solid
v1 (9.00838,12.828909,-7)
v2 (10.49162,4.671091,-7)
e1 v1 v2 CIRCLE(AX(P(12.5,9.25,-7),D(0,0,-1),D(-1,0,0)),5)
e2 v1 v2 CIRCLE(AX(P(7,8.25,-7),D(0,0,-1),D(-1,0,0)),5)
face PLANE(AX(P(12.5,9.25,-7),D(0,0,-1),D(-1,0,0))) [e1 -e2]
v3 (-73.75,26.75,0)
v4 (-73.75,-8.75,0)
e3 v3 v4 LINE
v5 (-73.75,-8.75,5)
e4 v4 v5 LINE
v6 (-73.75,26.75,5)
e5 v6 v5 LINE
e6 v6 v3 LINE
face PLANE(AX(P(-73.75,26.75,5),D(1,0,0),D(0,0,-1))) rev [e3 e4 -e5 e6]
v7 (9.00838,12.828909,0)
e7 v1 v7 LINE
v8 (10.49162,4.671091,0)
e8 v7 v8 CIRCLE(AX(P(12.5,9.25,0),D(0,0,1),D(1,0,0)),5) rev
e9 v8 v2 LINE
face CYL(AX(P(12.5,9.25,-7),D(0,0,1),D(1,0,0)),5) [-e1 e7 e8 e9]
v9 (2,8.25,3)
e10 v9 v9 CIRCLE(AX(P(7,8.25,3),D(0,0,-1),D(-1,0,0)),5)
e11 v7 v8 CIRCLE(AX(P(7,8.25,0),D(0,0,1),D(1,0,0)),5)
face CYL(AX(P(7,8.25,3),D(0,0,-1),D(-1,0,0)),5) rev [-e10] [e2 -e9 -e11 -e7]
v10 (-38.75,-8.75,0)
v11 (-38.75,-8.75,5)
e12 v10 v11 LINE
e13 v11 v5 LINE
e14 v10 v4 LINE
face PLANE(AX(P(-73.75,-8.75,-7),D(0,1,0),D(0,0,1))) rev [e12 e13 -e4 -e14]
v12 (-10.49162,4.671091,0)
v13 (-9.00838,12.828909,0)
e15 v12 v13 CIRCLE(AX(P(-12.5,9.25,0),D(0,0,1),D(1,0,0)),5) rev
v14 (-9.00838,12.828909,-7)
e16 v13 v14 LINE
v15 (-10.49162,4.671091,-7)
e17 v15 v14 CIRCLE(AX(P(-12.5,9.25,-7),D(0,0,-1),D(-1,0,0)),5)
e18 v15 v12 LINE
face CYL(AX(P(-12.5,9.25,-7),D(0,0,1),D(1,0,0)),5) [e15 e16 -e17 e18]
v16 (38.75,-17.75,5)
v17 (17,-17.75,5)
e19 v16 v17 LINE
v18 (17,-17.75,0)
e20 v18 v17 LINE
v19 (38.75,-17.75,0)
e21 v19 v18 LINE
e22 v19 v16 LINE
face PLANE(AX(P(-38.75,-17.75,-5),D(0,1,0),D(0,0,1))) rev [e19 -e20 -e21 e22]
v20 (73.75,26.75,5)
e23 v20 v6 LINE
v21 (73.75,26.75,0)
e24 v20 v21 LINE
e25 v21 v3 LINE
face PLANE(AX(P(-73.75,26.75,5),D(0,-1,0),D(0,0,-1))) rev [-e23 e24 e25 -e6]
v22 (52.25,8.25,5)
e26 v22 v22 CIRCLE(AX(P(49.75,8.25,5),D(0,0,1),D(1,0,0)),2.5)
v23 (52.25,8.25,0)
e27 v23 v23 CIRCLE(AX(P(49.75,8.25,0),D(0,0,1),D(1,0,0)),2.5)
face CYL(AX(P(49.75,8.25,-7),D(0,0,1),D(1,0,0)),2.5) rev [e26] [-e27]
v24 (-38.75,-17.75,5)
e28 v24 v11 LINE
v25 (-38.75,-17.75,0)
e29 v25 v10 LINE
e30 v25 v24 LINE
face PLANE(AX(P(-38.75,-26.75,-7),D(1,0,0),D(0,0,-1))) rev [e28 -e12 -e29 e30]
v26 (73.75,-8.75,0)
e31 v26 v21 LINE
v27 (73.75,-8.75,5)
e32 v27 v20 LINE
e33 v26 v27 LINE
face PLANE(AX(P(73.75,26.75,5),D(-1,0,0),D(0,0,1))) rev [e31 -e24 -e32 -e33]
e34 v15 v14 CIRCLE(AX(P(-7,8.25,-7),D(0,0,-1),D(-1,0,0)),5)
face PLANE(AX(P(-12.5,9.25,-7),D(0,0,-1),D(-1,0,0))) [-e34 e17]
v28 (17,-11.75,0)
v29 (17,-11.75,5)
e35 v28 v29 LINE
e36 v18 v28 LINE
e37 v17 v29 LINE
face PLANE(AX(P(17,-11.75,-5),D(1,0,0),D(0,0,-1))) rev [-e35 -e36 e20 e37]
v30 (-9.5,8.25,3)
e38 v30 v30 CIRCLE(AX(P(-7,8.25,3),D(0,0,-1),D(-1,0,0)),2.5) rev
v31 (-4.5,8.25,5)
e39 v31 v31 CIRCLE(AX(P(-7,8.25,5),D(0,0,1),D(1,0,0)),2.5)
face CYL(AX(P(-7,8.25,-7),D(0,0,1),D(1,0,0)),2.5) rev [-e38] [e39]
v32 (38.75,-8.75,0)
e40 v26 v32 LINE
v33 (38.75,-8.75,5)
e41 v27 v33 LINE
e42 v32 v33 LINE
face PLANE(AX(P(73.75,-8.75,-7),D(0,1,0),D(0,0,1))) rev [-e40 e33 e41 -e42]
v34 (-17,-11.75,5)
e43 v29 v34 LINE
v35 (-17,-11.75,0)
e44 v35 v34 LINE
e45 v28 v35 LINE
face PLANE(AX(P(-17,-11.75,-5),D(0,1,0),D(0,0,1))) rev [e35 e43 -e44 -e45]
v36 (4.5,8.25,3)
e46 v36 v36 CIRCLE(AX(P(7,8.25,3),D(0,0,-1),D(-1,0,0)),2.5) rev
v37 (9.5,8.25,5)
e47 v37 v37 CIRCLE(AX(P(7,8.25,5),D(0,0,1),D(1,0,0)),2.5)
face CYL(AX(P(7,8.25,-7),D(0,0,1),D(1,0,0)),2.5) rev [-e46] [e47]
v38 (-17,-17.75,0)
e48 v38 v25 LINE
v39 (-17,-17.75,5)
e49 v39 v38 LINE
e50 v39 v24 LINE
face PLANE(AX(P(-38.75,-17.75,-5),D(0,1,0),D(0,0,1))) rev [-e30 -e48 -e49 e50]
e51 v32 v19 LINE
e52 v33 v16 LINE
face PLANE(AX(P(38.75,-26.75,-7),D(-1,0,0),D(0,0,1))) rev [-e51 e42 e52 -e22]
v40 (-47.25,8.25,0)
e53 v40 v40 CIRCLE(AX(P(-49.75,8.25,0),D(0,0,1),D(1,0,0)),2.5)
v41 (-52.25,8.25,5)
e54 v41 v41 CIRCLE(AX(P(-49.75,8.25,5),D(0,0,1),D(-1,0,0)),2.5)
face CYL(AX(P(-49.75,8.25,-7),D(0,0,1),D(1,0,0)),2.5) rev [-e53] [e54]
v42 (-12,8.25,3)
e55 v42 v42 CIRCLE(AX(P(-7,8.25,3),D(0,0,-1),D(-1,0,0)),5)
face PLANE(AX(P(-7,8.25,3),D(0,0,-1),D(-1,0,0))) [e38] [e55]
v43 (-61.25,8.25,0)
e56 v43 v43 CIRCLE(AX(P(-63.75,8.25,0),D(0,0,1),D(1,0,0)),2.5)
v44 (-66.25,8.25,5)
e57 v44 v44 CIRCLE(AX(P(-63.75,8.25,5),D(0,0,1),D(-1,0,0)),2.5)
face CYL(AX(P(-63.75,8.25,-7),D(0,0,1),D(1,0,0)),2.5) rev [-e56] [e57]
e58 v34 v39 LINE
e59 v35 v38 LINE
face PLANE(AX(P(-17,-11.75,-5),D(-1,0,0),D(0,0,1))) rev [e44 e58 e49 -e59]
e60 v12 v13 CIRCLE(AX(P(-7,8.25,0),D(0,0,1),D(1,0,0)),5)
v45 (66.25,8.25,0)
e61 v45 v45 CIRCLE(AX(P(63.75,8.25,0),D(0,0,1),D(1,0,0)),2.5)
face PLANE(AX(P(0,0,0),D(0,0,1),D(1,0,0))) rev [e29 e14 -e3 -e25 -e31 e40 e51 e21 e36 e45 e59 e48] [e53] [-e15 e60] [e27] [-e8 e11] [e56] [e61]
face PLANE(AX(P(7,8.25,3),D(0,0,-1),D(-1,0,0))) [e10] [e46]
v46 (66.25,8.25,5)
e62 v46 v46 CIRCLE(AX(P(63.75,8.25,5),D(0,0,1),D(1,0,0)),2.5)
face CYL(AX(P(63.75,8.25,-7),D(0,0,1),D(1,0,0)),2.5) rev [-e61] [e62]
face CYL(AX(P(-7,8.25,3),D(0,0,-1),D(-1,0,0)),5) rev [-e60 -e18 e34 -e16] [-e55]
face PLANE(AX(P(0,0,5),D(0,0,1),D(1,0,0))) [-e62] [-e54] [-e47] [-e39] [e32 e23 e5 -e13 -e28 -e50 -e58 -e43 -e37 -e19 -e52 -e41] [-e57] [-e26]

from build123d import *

# Parameters (mm, degrees)
SKETCH1_W           = 147.5
SKETCH1_H           = 53.5
BOSS_EXTRUDE1_DEPTH = 5
SKETCH2_R           = 5
BOSS_EXTRUDE2_DEPTH = 7
SKETCH3_W           = 35
SKETCH3_H           = 18
CUT_EXTRUDE1_DEPTH  = 80.363877173
SKETCH4_W           = 34
SKETCH4_H           = 15
CUT_EXTRUDE2_DEPTH  = 10
SKETCH5_R           = 2.5
CUT_EXTRUDE3_DEPTH  = 80.363877173
SKETCH6_R           = 5
CUT_EXTRUDE4_DEPTH  = 10
SKETCH7_W           = 77.5
SKETCH7_H           = 9
CUT_EXTRUDE5_DEPTH  = 10


with BuildPart() as part:
    # Sketch1 → Boss-Extrude1 (new body)
    with BuildSketch(Plane.XY):
        Rectangle(SKETCH1_W, SKETCH1_H)
    extrude(amount=BOSS_EXTRUDE1_DEPTH)

    # Sketch2 → Boss-Extrude2 (add)
    with BuildSketch(Plane(origin=(0, 0, 0), x_dir=(-1, 0, 0), z_dir=(0, 0, -1))):
        with Locations(Location((12.5, 9.25, 0), (0, 0, 180))):
            Circle(SKETCH2_R)
        with Locations(Location((-12.5, 9.25, 0), (0, 0, 180))):
            Circle(SKETCH2_R)
    extrude(amount=BOSS_EXTRUDE2_DEPTH)

    # Sketch3 → Cut-Extrude1 (cut, through all)
    with BuildSketch(Plane.XY.offset(5)):
        with Locations((-56.25, -17.75)):
            Rectangle(SKETCH3_W, SKETCH3_H)
        with Locations((56.25, -17.75)):
            Rectangle(SKETCH3_W, SKETCH3_H)
    extrude(amount=-CUT_EXTRUDE1_DEPTH, mode=Mode.SUBTRACT)

    # Sketch4 → Cut-Extrude2 (cut)
    with BuildSketch(Plane.XY.offset(5)):
        with Locations((0, -19.25)):
            Rectangle(SKETCH4_W, SKETCH4_H)
    extrude(amount=-CUT_EXTRUDE2_DEPTH, mode=Mode.SUBTRACT)

    # Sketch5 → Cut-Extrude3 (cut, through all)
    with BuildSketch(Plane.XY.offset(5)):
        with Locations((63.75, 8.25)):
            Circle(SKETCH5_R)
        with Locations((49.75, 8.25)):
            Circle(SKETCH5_R)
        with Locations((7, 8.25)):
            Circle(SKETCH5_R)
        with Locations((-49.75, 8.25)):
            Circle(SKETCH5_R)
        with Locations((-63.75, 8.25)):
            Circle(SKETCH5_R)
        with Locations((-7, 8.25)):
            Circle(SKETCH5_R)
    extrude(amount=-CUT_EXTRUDE3_DEPTH, mode=Mode.SUBTRACT)

    # Sketch6 → Cut-Extrude4 (cut)
    with BuildSketch(Plane(origin=(0, 0, -7), x_dir=(-1, 0, 0), z_dir=(0, 0, -1))):
        with Locations((7, 8.25)):
            Circle(SKETCH6_R)
        with Locations((-7, 8.25)):
            Circle(SKETCH6_R)
    extrude(amount=-CUT_EXTRUDE4_DEPTH, mode=Mode.SUBTRACT)

    # Sketch7 → Cut-Extrude5 (cut)
    with BuildSketch(Plane.XY.offset(5)):
        with Locations((0, -22.25)):
            Rectangle(SKETCH7_W, SKETCH7_H)
    extrude(amount=-CUT_EXTRUDE5_DEPTH, mode=Mode.SUBTRACT)


solid = part.part
